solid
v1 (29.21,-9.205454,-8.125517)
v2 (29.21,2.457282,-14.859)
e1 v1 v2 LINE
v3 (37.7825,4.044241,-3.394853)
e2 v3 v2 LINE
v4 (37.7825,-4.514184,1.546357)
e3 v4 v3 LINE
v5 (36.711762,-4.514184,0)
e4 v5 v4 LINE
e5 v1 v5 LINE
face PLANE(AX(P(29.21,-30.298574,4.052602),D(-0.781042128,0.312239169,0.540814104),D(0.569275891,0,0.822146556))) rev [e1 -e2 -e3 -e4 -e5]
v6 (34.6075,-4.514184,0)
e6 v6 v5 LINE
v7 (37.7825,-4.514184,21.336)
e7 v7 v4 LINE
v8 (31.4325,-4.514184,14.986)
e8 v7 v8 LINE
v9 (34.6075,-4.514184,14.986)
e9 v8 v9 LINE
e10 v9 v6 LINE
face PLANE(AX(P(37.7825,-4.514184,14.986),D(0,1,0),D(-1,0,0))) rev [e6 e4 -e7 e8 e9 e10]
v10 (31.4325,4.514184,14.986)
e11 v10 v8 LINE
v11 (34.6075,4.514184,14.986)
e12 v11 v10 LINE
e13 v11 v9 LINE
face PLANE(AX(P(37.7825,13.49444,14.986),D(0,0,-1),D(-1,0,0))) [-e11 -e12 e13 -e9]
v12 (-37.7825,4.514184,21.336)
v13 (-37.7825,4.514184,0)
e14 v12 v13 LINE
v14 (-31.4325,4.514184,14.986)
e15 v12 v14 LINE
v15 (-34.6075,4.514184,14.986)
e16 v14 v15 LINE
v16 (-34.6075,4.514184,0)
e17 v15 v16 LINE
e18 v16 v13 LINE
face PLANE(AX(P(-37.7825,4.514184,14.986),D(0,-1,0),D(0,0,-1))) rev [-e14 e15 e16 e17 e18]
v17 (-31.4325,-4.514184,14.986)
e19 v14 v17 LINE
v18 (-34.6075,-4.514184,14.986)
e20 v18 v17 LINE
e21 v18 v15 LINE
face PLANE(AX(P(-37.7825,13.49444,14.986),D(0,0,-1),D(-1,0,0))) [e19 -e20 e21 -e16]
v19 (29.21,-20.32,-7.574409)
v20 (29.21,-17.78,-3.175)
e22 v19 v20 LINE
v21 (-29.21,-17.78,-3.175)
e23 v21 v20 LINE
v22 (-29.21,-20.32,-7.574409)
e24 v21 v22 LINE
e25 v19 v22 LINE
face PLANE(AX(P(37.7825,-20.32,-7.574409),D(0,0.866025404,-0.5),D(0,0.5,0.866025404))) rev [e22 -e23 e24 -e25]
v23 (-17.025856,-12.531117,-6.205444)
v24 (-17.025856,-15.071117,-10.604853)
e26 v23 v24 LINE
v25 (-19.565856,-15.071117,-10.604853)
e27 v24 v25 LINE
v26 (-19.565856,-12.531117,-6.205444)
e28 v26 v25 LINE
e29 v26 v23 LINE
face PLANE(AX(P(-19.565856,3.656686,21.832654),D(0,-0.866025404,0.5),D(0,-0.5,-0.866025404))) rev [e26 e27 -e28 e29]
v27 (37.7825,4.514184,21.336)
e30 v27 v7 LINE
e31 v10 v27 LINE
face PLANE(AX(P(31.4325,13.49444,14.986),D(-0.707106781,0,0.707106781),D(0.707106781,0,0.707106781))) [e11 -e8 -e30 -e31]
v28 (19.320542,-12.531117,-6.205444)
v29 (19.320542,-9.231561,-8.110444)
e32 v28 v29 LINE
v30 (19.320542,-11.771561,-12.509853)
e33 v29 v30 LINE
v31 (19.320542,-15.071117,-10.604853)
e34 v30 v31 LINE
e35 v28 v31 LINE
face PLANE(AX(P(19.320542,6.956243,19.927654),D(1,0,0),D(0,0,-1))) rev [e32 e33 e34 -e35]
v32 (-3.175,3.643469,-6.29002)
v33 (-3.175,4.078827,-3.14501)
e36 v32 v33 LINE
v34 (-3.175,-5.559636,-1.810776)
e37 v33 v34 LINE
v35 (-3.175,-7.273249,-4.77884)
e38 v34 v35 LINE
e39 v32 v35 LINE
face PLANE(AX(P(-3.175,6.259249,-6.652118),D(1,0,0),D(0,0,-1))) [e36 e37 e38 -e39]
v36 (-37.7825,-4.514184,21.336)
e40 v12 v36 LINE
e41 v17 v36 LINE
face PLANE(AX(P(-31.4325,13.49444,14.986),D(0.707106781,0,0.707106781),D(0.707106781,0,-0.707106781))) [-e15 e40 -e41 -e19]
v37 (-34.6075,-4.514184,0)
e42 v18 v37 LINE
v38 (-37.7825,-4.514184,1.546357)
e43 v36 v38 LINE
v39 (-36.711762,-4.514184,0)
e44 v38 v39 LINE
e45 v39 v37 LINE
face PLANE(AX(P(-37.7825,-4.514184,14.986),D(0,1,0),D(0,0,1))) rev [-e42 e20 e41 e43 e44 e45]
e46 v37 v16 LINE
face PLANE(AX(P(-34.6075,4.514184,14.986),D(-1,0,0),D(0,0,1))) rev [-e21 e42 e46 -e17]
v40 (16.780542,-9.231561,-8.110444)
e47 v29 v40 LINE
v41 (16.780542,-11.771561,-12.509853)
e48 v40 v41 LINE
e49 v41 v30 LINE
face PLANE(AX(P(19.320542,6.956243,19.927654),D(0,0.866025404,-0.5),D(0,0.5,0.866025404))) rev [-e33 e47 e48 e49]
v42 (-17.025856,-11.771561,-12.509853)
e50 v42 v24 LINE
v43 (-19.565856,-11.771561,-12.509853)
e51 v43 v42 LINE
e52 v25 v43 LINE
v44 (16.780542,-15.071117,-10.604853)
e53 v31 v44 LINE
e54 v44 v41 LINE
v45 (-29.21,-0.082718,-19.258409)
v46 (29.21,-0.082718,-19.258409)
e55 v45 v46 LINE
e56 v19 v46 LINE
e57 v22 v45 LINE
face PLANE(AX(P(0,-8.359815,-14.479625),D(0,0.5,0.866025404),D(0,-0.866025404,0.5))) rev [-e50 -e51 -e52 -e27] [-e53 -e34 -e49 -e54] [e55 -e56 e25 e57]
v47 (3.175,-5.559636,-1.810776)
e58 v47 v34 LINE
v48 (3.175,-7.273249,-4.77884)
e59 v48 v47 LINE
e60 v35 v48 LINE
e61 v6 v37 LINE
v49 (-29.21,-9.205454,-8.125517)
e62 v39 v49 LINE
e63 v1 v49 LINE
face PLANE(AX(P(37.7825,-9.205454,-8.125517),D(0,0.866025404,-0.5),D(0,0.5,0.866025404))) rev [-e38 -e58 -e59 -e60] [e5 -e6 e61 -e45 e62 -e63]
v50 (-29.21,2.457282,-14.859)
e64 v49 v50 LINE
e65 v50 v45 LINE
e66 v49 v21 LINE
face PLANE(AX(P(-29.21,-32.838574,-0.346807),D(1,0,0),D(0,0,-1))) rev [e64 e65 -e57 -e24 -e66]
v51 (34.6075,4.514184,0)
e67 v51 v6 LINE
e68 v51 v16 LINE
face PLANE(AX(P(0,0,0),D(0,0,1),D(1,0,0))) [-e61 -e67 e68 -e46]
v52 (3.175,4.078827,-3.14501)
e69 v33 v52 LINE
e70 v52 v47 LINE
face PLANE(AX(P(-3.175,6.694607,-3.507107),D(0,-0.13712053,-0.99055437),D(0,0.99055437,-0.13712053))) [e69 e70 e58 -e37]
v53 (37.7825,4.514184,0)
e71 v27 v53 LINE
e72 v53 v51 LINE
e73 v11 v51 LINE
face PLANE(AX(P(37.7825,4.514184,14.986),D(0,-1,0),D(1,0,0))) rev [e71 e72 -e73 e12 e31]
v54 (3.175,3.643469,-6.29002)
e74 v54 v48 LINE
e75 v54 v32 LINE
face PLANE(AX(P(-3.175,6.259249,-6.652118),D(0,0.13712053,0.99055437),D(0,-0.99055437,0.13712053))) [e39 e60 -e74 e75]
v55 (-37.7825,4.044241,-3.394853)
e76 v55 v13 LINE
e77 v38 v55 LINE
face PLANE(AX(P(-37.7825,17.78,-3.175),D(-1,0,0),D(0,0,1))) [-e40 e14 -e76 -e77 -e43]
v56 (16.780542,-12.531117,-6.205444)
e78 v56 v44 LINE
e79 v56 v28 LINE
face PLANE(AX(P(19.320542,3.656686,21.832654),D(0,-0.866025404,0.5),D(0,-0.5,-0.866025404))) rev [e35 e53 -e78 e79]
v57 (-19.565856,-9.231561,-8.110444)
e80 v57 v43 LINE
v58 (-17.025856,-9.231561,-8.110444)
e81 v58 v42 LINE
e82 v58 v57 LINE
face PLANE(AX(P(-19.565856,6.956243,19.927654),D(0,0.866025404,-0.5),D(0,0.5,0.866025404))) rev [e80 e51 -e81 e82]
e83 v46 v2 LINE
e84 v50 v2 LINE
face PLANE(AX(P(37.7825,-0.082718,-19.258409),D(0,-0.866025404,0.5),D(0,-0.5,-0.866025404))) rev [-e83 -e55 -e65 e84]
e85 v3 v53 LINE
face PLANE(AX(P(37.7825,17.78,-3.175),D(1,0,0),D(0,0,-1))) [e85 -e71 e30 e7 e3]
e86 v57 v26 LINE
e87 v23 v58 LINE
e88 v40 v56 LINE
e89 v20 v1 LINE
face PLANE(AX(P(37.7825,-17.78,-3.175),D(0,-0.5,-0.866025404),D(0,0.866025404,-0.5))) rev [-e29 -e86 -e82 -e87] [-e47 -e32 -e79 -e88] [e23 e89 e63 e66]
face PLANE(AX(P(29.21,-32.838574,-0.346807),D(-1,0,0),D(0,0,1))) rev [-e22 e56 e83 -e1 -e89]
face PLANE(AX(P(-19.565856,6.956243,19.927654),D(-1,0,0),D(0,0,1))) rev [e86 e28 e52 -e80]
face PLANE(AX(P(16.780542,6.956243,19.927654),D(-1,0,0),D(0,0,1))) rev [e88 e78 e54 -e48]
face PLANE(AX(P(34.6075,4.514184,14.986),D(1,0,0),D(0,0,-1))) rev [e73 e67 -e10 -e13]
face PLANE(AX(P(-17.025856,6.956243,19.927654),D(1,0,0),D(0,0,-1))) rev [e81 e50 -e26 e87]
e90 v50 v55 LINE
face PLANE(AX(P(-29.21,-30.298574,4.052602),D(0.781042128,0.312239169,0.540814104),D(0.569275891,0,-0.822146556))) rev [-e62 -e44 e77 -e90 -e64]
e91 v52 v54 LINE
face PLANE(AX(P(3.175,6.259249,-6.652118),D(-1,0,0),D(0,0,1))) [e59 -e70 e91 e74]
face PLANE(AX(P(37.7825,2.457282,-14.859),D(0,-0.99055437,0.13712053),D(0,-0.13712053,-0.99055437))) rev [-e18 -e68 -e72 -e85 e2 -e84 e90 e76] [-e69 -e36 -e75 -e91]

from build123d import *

# Parameters (mm, degrees)
SKETCH1_W                      = 75.565
SKETCH1_H                      = 35.56
BOSS_EXTRUDE1_DEPTH            = 3.175
SKETCH5_W                      = 12.7
SKETCH5_H                      = 3.175
BOSS_EXTRUDE3_DEPTH            = 14.986
SKETCH6_W                      = 3.175
SKETCH6_H                      = 9.028368652
BOSS_EXTRUDE4_DEPTH            = 14.986
BOSS_EXTRUDE5_DEPTH            = 12.7
BOSS_EXTRUDE6_DEPTH            = 9.028368652
BOSS_EXTRUDE7_DEPTH            = 75.565
SKETCH10_W                     = 75.565
SKETCH10_H                     = 23.368
BOSS_EXTRUDE8_DEPTH            = 5.08
CUT_EXTRUDE1_DEPTH             = 82.106081899
CUT_EXTRUDE2_REACH             = 52.218
SKETCH12_W                     = 6.35
SKETCH12_H                     = 3.175
CUT_EXTRUDE2_DIRECTION_2_DEPTH = 51.217629864
CUT_EXTRUDE3_DEPTH             = 55.104465738
CUT_EXTRUDE4_REACH             = 55.629
SKETCH14_W                     = 2.54
SKETCH14_H                     = 3.81


with BuildPart() as part:
    # Sketch1 → Boss-Extrude1 (new body)
    with BuildSketch(Plane.XY):
        Rectangle(SKETCH1_W, SKETCH1_H)
    extrude(amount=-BOSS_EXTRUDE1_DEPTH)

    # Sketch5 → Boss-Extrude3 (add)
    with BuildSketch(Plane.XY):
        with Locations((0, 16.1925)):
            Rectangle(SKETCH5_W, SKETCH5_H)
        with Locations((0, -16.1925)):
            Rectangle(SKETCH5_W, SKETCH5_H)
    extrude(amount=BOSS_EXTRUDE3_DEPTH)

    # Sketch6 → Boss-Extrude4 (add)
    with BuildSketch(Plane.XY):
        with Locations((-36.195, 0)):
            Rectangle(SKETCH6_W, SKETCH6_H)
        with Locations((36.195, 0)):
            Rectangle(SKETCH6_W, SKETCH6_H)
    extrude(amount=BOSS_EXTRUDE4_DEPTH)

    # Sketch7 → Boss-Extrude5 (add)
    with BuildSketch(Plane.ZY.offset(6.35)):
        Polygon((14.986, -17.78), (14.986, -11.43), (21.336, -17.78), align=None)
        Polygon((14.986, 17.78), (14.986, 11.43), (21.336, 17.78), align=None)
    extrude(amount=-BOSS_EXTRUDE5_DEPTH)

    # Sketch8 → Boss-Extrude6 (add)
    with BuildSketch(Plane.XZ.offset(4.514184326)):
        Polygon((-37.7825, 14.986), (-31.4325, 14.986), (-37.7825, 21.336), align=None)
        Polygon((37.7825, 14.986), (31.4325, 14.986), (37.7825, 21.336), align=None)
    extrude(amount=-BOSS_EXTRUDE6_DEPTH)

    # Sketch9 → Boss-Extrude7 (add)
    with BuildSketch(Plane.ZY.offset(37.7825)):
        Polygon((-3.175, 17.78), (-18.572931679, 8.89), (-3.175, -17.78), align=None)
    extrude(amount=-BOSS_EXTRUDE7_DEPTH)

    # Sketch10 → Boss-Extrude8 (add)
    with BuildSketch(Plane(origin=(0, -5.819815329, -10.08021584), x_dir=(-1, 0, 0), z_dir=(0, -0.5000000000000012, -0.866025403784438))):
        with Locations((0, -2.126431679)):
            Rectangle(SKETCH10_W, SKETCH10_H)
    extrude(amount=BOSS_EXTRUDE8_DEPTH)

    # Sketch11 → Cut-Extrude1 (cut, through all)
    with BuildSketch(Plane.ZY.offset(37.7825)):
        Polygon((-14.859, 2.457281636), (0, 4.514184326), (36.888684706, 18.275511072), (5.286071508, 25.150339228), (-30.3838484, 8.233222823), align=None)
        Polygon((-3.175, -17.78), (-8.125516688, -9.205453573), (0, -4.514184326), (40.158547499, -20.406390647), (15.599703883, -25.394905756), align=None)
    extrude(amount=-CUT_EXTRUDE1_DEPTH, mode=Mode.SUBTRACT)

    # Cut-Extrude2: up to this plane
    cut_extrude2_end = Plane(origin=(37.7825, -9.205453573, -8.125516688), z_dir=(0, 0.8660254037844387, -0.5))
    # Sketch12 → Cut-Extrude2 (cut, up to the surface)
    with BuildSketch(Plane(origin=(0, 4.429308453, -0.61314062), x_dir=(1, 0, 0), z_dir=(0, 0.9905543702216956, -0.13712052958875406)), mode=Mode.PRIVATE) as cut_extrude2_sk1:
        with Locations((0, 4.143512655)):
            Rectangle(SKETCH12_W, SKETCH12_H)
    cut_extrude2_tool1 = split(extrude(cut_extrude2_sk1.sketch, amount=-CUT_EXTRUDE2_REACH, mode=Mode.PRIVATE), bisect_by=cut_extrude2_end, keep=Keep.BOTH, mode=Mode.PRIVATE)
    add(cut_extrude2_tool1.solids().sort_by_distance((0, 3.861148, -4.717515))[0], mode=Mode.SUBTRACT)

    # Sketch12 → Cut-Extrude2 direction 2 (cut)
    with BuildSketch(Plane(origin=(0, 4.429308453, -0.61314062), x_dir=(1, 0, 0), z_dir=(0, 0.9905543702216956, -0.13712052958875406))):
        with Locations((0, 4.143512655)):
            Rectangle(SKETCH12_W, SKETCH12_H)
    extrude(amount=CUT_EXTRUDE2_DIRECTION_2_DEPTH, mode=Mode.SUBTRACT)

    # Sketch13 → Cut-Extrude3 (cut, through all)
    with BuildSketch(Plane(origin=(0, 8.277096964, -4.77878416), x_dir=(1, 0, 0), z_dir=(0, 0.866025403784438, -0.5000000000000012))):
        Polygon((-29.21, 11.639630657), (-37.7825, 0.917907837), (-37.7825, 11.639630657), (-37.7825, 16.719630657), (-29.21, 16.719630657), align=None)
        Polygon((37.7825, 0.917907837), (37.7825, 11.639630657), (37.7825, 16.719630657), (29.21, 16.719630657), (29.21, 11.639630657), align=None)
    extrude(amount=-CUT_EXTRUDE3_DEPTH, mode=Mode.SUBTRACT)

    # Sketch14 → Cut-Extrude4 (cut, up to next)
    with BuildSketch(Plane(origin=(0, -8.359815329, -14.479624891), x_dir=(-1, 0, 0), z_dir=(0, -0.5000000000000014, -0.8660254037844379)), mode=Mode.PRIVATE) as cut_extrude4_sk1:
        with Locations((-18.050542255, -5.844544168)):
            Rectangle(SKETCH14_W, SKETCH14_H)
    cut_extrude4_tool1 = extrude(cut_extrude4_sk1.sketch, amount=-CUT_EXTRUDE4_REACH, mode=Mode.PRIVATE) & part.part
    # Sketch14 → Cut-Extrude4 (cut, up to next)
    with BuildSketch(Plane(origin=(0, -8.359815329, -14.479624891), x_dir=(-1, 0, 0), z_dir=(0, -0.5000000000000014, -0.8660254037844379)), mode=Mode.PRIVATE) as cut_extrude4_sk2:
        with Locations((18.295855998, -5.844544168)):
            Rectangle(SKETCH14_W, SKETCH14_H)
    cut_extrude4_tool2 = extrude(cut_extrude4_sk2.sketch, amount=-CUT_EXTRUDE4_REACH, mode=Mode.PRIVATE) & part.part
    add(cut_extrude4_tool1.solids().sort_by_distance((18.050542, -13.421339, -11.557353))[0], mode=Mode.SUBTRACT)
    add(cut_extrude4_tool2.solids().sort_by_distance((-18.295856, -13.421339, -11.557353))[0], mode=Mode.SUBTRACT)


solid = part.part
